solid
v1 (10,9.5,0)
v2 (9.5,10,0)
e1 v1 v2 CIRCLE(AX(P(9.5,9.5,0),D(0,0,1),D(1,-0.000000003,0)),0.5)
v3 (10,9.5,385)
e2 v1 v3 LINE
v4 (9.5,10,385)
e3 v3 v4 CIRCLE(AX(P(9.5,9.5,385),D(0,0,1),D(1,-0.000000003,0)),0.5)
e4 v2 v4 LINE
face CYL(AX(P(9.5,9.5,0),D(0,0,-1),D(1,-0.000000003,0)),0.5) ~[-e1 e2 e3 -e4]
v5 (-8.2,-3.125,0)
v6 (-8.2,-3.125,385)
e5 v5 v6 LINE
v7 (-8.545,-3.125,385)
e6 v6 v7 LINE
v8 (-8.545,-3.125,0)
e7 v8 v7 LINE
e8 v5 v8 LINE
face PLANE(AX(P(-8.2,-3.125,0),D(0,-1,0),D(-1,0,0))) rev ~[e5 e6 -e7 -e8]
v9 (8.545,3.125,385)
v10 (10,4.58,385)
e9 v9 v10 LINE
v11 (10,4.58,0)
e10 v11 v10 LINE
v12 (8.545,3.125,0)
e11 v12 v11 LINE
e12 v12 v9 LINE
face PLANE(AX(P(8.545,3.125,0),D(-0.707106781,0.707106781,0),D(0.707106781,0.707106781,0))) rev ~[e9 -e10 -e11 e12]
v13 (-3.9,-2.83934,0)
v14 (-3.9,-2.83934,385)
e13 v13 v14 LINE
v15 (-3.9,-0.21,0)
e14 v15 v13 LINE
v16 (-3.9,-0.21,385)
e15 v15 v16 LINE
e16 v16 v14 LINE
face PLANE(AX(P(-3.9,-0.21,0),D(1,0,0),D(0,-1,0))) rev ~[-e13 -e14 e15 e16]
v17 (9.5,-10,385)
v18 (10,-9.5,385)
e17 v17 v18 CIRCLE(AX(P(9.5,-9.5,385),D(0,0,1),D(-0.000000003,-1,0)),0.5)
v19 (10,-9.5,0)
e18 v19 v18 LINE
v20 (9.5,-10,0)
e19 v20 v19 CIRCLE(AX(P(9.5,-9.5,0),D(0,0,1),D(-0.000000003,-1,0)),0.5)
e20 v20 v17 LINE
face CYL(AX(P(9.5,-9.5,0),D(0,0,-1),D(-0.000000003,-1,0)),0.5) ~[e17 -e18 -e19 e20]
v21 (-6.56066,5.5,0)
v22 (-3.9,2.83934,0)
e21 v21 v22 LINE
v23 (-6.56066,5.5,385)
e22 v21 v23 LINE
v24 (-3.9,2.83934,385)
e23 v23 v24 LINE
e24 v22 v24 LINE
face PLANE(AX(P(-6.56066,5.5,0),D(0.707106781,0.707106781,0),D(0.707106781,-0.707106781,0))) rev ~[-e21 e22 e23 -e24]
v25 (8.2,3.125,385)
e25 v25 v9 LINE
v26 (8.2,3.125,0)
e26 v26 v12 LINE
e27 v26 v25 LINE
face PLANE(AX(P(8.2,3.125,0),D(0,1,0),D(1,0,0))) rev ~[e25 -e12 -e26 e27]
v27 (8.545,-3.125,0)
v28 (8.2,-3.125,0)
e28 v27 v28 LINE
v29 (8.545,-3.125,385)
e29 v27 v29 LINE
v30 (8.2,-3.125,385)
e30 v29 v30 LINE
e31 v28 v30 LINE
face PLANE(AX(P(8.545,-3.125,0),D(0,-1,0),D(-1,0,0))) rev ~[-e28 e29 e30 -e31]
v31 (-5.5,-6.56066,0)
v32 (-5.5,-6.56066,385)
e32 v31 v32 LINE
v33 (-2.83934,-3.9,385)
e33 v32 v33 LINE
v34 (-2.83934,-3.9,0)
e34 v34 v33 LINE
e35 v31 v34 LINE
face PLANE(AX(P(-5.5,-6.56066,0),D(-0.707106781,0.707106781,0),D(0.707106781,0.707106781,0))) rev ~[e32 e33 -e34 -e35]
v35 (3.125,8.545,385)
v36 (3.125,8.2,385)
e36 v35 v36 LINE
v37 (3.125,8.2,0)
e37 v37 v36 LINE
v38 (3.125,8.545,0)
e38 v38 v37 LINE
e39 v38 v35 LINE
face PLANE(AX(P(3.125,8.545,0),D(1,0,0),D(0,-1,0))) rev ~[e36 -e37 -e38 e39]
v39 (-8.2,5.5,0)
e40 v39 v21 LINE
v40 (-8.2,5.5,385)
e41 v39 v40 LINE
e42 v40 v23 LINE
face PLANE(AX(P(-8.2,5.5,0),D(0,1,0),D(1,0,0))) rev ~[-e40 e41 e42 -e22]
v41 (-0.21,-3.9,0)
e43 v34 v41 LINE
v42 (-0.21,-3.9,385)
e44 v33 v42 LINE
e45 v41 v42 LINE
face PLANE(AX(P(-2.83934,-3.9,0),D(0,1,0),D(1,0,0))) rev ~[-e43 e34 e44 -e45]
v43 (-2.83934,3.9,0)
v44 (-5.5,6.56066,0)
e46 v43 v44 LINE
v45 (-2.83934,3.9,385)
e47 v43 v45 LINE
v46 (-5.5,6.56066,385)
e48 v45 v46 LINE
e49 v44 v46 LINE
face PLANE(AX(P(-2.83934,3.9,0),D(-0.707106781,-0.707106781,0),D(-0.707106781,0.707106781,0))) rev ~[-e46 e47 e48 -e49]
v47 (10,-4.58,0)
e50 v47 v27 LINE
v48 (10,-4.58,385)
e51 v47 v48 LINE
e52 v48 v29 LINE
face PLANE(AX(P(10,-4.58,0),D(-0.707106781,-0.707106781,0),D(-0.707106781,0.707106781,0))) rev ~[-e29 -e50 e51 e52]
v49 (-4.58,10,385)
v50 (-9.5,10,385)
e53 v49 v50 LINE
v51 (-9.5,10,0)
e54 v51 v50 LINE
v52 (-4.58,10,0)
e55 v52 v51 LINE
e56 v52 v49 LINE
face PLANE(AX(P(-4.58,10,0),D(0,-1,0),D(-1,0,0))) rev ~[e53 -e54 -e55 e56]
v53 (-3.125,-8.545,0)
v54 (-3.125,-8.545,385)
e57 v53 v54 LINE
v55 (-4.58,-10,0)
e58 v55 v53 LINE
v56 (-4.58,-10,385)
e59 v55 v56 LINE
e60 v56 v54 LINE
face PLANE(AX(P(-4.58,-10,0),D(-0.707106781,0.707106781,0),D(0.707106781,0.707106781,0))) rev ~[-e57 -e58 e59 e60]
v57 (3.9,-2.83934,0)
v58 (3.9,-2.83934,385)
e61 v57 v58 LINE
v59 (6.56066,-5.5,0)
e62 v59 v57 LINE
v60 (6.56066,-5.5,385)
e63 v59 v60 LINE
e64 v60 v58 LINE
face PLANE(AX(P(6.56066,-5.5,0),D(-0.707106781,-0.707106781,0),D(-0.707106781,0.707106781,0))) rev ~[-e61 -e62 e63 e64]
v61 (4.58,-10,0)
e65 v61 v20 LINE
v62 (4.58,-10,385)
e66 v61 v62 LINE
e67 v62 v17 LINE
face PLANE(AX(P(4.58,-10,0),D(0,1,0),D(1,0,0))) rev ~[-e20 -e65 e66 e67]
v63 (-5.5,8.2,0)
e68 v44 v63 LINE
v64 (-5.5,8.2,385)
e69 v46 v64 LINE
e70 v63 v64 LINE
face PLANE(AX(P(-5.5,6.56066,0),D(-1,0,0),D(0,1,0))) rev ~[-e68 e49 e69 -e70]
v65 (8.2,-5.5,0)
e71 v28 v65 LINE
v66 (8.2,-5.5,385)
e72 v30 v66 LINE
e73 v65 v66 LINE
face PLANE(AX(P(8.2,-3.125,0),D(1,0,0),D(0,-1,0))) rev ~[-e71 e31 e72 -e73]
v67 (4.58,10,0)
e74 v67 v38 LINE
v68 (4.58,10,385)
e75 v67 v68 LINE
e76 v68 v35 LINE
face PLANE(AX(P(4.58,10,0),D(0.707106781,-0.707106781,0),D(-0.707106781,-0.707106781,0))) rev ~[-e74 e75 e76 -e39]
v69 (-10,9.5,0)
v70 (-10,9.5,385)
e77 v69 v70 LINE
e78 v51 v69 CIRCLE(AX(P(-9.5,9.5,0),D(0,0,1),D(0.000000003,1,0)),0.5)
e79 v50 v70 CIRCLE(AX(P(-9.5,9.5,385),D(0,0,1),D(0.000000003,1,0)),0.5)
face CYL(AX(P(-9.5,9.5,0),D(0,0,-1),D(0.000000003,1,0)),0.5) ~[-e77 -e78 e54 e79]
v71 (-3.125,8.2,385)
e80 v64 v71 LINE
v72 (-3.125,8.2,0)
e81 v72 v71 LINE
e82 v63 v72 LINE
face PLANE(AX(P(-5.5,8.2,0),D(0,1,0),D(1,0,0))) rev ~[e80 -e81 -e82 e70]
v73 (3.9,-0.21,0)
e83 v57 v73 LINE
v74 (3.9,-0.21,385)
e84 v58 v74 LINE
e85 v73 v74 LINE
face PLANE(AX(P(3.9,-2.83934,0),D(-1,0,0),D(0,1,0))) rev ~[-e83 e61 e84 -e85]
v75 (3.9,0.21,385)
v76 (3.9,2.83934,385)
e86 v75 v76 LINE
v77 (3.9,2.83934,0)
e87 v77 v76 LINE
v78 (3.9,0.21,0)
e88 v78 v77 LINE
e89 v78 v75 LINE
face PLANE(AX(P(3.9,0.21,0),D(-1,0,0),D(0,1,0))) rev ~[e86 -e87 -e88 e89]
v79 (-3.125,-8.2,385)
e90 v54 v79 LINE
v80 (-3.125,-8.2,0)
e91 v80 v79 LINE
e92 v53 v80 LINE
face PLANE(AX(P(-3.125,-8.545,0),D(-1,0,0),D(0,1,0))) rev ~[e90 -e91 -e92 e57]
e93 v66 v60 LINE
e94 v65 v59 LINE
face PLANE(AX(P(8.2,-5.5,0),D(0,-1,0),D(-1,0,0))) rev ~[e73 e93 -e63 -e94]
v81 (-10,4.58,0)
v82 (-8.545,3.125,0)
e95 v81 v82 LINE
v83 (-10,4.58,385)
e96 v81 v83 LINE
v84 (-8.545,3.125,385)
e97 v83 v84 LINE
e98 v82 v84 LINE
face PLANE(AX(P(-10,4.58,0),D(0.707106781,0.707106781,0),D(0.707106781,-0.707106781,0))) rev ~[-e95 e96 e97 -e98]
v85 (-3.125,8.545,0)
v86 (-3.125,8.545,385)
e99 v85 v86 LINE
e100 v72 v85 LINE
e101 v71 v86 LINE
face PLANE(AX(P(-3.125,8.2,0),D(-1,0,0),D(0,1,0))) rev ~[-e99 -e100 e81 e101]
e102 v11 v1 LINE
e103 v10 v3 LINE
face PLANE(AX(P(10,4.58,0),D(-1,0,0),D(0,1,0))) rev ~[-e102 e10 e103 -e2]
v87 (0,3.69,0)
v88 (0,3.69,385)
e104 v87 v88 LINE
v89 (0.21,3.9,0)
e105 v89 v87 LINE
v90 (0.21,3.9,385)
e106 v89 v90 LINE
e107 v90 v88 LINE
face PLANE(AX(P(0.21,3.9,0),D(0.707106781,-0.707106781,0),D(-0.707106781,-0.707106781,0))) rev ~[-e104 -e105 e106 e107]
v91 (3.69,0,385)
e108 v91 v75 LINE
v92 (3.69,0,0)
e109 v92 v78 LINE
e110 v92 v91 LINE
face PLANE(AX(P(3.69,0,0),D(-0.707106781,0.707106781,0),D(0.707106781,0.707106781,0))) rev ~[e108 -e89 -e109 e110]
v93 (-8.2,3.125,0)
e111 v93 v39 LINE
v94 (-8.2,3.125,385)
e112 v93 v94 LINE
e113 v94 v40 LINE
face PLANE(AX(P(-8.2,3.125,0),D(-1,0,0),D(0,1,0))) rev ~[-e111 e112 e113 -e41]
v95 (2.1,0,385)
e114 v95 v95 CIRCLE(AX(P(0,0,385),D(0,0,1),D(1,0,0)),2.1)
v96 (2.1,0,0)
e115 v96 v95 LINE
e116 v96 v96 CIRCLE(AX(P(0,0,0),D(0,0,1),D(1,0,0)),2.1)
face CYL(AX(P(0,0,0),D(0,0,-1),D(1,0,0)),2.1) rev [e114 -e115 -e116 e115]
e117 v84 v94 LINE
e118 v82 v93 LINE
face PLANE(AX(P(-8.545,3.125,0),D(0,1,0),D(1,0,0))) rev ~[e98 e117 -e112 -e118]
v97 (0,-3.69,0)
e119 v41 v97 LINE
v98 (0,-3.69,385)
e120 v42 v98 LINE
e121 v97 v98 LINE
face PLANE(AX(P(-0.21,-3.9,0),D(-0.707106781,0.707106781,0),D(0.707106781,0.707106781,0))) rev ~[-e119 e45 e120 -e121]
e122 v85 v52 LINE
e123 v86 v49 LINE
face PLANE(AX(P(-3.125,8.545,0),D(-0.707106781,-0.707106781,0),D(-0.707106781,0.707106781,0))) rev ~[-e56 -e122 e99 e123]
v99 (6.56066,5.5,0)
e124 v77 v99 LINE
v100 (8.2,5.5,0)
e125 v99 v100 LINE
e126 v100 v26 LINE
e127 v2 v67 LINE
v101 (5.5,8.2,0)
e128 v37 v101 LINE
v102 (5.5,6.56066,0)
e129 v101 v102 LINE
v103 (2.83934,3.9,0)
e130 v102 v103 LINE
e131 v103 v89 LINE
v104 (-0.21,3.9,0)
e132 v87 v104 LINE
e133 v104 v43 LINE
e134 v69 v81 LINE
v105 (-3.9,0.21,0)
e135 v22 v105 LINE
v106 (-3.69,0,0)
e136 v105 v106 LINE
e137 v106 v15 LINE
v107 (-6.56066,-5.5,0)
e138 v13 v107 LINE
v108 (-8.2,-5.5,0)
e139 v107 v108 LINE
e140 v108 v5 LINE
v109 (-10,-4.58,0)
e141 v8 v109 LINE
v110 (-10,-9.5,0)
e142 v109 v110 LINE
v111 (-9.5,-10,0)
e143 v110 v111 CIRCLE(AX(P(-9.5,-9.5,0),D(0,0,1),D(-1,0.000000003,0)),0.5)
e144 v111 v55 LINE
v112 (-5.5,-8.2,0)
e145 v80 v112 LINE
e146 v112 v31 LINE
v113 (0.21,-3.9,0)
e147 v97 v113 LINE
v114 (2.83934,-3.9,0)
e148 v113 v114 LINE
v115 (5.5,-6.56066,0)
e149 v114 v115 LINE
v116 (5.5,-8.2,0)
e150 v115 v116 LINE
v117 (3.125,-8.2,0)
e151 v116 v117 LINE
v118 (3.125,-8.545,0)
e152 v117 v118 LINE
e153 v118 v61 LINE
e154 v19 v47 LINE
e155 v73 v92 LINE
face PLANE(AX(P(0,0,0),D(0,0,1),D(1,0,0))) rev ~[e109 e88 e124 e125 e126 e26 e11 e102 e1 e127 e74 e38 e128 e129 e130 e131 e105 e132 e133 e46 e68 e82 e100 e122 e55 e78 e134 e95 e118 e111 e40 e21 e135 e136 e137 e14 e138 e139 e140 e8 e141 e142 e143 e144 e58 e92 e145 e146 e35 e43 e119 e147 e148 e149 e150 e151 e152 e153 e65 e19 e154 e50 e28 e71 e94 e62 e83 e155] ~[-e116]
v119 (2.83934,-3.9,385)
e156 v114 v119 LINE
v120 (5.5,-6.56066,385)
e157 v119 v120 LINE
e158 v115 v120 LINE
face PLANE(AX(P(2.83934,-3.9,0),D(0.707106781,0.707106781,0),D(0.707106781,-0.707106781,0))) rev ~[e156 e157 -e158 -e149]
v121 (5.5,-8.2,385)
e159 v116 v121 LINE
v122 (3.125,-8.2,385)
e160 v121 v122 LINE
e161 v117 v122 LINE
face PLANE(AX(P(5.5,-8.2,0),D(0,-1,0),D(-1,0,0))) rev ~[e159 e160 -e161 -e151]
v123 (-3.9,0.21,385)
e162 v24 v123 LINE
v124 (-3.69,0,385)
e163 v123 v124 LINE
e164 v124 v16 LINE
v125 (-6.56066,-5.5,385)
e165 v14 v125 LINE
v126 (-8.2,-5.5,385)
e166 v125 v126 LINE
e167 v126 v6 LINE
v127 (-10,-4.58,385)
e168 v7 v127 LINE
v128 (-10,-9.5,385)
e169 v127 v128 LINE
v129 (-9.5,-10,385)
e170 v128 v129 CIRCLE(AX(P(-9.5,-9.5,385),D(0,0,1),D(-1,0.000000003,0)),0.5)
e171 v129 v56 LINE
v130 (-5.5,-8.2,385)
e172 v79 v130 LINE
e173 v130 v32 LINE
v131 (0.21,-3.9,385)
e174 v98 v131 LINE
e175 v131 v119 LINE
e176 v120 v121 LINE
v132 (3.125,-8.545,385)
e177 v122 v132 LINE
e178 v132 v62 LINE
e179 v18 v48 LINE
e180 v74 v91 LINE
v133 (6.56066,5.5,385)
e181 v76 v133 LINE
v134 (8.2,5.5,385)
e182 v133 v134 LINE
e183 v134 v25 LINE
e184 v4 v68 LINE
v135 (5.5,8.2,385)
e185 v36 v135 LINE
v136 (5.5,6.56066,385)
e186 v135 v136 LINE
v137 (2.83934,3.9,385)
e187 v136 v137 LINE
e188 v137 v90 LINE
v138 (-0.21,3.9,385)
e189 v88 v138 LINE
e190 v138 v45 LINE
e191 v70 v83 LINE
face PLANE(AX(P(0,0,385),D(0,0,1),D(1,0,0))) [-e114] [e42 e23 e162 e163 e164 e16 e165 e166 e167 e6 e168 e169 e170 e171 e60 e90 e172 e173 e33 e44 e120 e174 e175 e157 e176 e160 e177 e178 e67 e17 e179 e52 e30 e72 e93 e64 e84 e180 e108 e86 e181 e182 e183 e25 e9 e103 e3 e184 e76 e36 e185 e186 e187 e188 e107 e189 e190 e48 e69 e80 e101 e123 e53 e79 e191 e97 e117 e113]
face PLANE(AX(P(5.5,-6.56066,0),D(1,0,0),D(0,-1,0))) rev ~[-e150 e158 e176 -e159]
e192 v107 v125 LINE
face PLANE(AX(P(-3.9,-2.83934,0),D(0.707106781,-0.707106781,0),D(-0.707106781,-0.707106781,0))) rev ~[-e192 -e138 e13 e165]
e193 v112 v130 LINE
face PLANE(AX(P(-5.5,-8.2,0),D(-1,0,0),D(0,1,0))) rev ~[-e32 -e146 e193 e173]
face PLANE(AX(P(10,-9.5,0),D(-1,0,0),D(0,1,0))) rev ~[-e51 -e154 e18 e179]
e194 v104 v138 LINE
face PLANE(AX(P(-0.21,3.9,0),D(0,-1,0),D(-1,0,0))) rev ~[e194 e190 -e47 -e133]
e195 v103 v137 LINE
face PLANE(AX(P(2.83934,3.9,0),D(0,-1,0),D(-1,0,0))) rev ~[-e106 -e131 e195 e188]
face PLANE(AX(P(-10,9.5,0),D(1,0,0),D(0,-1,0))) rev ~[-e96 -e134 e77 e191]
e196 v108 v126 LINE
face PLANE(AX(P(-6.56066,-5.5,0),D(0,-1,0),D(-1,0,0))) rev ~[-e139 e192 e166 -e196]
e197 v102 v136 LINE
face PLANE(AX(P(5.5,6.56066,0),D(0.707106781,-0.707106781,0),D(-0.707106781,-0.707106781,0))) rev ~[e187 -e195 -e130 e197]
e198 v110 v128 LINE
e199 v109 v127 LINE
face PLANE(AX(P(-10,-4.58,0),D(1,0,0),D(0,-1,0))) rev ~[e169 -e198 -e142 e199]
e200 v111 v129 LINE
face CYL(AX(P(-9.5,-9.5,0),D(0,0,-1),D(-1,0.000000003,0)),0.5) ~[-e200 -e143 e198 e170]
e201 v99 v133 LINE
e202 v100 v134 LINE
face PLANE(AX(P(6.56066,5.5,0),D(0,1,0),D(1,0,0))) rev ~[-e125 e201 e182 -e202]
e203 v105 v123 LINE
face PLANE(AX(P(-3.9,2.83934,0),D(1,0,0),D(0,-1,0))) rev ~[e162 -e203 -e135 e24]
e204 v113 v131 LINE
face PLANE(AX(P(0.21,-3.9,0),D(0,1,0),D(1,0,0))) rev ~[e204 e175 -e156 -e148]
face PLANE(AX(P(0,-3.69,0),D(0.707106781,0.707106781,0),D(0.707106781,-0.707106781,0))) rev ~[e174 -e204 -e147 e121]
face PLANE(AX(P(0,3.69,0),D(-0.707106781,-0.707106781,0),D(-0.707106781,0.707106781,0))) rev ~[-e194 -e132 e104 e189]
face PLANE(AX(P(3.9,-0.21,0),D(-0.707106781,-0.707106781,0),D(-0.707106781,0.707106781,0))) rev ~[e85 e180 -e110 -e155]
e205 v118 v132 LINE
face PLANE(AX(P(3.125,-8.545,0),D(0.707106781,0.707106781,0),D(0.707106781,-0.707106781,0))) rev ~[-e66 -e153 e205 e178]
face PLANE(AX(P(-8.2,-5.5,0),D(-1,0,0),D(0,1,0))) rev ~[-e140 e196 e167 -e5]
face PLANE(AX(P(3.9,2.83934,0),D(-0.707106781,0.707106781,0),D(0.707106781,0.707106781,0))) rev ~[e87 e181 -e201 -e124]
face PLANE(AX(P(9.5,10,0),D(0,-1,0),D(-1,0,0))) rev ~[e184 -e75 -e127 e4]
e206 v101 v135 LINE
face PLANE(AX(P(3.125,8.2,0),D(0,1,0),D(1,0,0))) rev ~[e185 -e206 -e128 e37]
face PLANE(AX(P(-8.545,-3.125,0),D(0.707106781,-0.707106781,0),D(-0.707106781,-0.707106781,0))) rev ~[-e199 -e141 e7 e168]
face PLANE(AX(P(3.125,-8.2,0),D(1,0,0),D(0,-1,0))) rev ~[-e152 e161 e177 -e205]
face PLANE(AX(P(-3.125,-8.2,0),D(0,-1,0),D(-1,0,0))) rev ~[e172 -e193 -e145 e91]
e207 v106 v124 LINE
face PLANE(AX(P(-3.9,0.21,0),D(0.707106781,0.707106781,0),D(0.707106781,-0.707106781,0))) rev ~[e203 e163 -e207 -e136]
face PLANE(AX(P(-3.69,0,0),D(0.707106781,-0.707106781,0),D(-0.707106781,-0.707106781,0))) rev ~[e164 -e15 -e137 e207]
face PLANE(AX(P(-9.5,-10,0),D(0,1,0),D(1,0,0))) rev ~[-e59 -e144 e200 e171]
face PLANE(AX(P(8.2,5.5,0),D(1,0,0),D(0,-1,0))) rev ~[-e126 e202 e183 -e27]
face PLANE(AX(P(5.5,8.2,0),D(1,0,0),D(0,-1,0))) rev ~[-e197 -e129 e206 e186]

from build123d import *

# Parameters (mm, degrees)
SKETCH1_R           = 2.1
BOSS_EXTRUDE1_DEPTH = 385


with BuildPart() as part:
    # Sketch1 → Boss-Extrude1 (new body)
    with BuildSketch(Plane.XY):
        with BuildLine():
            Line((4.58, -10), (9.5, -10))
            ThreePointArc((9.5, -10), (9.853553391, -9.853553391), (10, -9.5))
            Line((10, -9.5), (10, -4.58))
            Line((10, -4.58), (8.545, -3.125))
            Line((8.545, -3.125), (8.2, -3.125))
            Line((8.2, -3.125), (8.2, -5.5))
            Line((8.2, -5.5), (6.560660172, -5.5))
            Line((6.560660172, -5.5), (3.9, -2.839339828))
            Line((3.9, -2.839339828), (3.9, -0.21))
            Line((3.9, -0.21), (3.69, 0))
            Line((3.69, 0), (3.9, 0.21))
            Line((3.9, 0.21), (3.9, 2.839339828))
            Line((3.9, 2.839339828), (6.560660172, 5.5))
            Line((6.560660172, 5.5), (8.2, 5.5))
            Line((8.2, 5.5), (8.2, 3.125))
            Line((8.2, 3.125), (8.545, 3.125))
            Line((8.545, 3.125), (10, 4.58))
            Line((10, 4.58), (10, 9.5))
            ThreePointArc((10, 9.5), (9.853553391, 9.853553391), (9.5, 10))
            Line((9.5, 10), (4.58, 10))
            Line((4.58, 10), (3.125, 8.545))
            Line((3.125, 8.545), (3.125, 8.2))
            Line((3.125, 8.2), (5.5, 8.2))
            Line((5.5, 8.2), (5.5, 6.560660172))
            Line((5.5, 6.560660172), (2.839339828, 3.9))
            Line((2.839339828, 3.9), (0.21, 3.9))
            Line((0.21, 3.9), (0, 3.69))
            Line((0, 3.69), (-0.21, 3.9))
            Line((-0.21, 3.9), (-2.839339828, 3.9))
            Line((-2.839339828, 3.9), (-5.5, 6.560660172))
            Line((-5.5, 6.560660172), (-5.5, 8.2))
            Line((-5.5, 8.2), (-3.125, 8.2))
            Line((-3.125, 8.2), (-3.125, 8.545))
            Line((-3.125, 8.545), (-4.58, 10))
            Line((-4.58, 10), (-9.5, 10))
            ThreePointArc((-9.5, 10), (-9.853553391, 9.853553391), (-10, 9.5))
            Line((-10, 9.5), (-10, 4.58))
            Line((-10, 4.58), (-8.545, 3.125))
            Line((-8.545, 3.125), (-8.2, 3.125))
            Line((-8.2, 3.125), (-8.2, 5.5))
            Line((-8.2, 5.5), (-6.560660172, 5.5))
            Line((-6.560660172, 5.5), (-3.9, 2.839339828))
            Line((-3.9, 2.839339828), (-3.9, 0.21))
            Line((-3.9, 0.21), (-3.69, 0))
            Line((-3.69, 0), (-3.9, -0.21))
            Line((-3.9, -0.21), (-3.9, -2.839339828))
            Line((-3.9, -2.839339828), (-6.560660172, -5.5))
            Line((-6.560660172, -5.5), (-8.2, -5.5))
            Line((-8.2, -5.5), (-8.2, -3.125))
            Line((-8.2, -3.125), (-8.545, -3.125))
            Line((-8.545, -3.125), (-10, -4.58))
            Line((-10, -4.58), (-10, -9.5))
            ThreePointArc((-10, -9.5), (-9.853553391, -9.853553391), (-9.5, -10))
            Line((-9.5, -10), (-4.58, -10))
            Line((-4.58, -10), (-3.125, -8.545))
            Line((-3.125, -8.545), (-3.125, -8.2))
            Line((-3.125, -8.2), (-5.5, -8.2))
            Line((-5.5, -8.2), (-5.5, -6.560660172))
            Line((-5.5, -6.560660172), (-2.839339828, -3.9))
            Line((-2.839339828, -3.9), (-0.21, -3.9))
            Line((-0.21, -3.9), (0, -3.69))
            Line((0, -3.69), (0.21, -3.9))
            Line((0.21, -3.9), (2.839339828, -3.9))
            Line((2.839339828, -3.9), (5.5, -6.560660172))
            Line((5.5, -6.560660172), (5.5, -8.2))
            Line((5.5, -8.2), (3.125, -8.2))
            Line((3.125, -8.2), (3.125, -8.545))
            Line((3.125, -8.545), (4.58, -10))
        make_face()
        Circle(SKETCH1_R, mode=Mode.SUBTRACT)
    extrude(amount=BOSS_EXTRUDE1_DEPTH)


solid = part.part
